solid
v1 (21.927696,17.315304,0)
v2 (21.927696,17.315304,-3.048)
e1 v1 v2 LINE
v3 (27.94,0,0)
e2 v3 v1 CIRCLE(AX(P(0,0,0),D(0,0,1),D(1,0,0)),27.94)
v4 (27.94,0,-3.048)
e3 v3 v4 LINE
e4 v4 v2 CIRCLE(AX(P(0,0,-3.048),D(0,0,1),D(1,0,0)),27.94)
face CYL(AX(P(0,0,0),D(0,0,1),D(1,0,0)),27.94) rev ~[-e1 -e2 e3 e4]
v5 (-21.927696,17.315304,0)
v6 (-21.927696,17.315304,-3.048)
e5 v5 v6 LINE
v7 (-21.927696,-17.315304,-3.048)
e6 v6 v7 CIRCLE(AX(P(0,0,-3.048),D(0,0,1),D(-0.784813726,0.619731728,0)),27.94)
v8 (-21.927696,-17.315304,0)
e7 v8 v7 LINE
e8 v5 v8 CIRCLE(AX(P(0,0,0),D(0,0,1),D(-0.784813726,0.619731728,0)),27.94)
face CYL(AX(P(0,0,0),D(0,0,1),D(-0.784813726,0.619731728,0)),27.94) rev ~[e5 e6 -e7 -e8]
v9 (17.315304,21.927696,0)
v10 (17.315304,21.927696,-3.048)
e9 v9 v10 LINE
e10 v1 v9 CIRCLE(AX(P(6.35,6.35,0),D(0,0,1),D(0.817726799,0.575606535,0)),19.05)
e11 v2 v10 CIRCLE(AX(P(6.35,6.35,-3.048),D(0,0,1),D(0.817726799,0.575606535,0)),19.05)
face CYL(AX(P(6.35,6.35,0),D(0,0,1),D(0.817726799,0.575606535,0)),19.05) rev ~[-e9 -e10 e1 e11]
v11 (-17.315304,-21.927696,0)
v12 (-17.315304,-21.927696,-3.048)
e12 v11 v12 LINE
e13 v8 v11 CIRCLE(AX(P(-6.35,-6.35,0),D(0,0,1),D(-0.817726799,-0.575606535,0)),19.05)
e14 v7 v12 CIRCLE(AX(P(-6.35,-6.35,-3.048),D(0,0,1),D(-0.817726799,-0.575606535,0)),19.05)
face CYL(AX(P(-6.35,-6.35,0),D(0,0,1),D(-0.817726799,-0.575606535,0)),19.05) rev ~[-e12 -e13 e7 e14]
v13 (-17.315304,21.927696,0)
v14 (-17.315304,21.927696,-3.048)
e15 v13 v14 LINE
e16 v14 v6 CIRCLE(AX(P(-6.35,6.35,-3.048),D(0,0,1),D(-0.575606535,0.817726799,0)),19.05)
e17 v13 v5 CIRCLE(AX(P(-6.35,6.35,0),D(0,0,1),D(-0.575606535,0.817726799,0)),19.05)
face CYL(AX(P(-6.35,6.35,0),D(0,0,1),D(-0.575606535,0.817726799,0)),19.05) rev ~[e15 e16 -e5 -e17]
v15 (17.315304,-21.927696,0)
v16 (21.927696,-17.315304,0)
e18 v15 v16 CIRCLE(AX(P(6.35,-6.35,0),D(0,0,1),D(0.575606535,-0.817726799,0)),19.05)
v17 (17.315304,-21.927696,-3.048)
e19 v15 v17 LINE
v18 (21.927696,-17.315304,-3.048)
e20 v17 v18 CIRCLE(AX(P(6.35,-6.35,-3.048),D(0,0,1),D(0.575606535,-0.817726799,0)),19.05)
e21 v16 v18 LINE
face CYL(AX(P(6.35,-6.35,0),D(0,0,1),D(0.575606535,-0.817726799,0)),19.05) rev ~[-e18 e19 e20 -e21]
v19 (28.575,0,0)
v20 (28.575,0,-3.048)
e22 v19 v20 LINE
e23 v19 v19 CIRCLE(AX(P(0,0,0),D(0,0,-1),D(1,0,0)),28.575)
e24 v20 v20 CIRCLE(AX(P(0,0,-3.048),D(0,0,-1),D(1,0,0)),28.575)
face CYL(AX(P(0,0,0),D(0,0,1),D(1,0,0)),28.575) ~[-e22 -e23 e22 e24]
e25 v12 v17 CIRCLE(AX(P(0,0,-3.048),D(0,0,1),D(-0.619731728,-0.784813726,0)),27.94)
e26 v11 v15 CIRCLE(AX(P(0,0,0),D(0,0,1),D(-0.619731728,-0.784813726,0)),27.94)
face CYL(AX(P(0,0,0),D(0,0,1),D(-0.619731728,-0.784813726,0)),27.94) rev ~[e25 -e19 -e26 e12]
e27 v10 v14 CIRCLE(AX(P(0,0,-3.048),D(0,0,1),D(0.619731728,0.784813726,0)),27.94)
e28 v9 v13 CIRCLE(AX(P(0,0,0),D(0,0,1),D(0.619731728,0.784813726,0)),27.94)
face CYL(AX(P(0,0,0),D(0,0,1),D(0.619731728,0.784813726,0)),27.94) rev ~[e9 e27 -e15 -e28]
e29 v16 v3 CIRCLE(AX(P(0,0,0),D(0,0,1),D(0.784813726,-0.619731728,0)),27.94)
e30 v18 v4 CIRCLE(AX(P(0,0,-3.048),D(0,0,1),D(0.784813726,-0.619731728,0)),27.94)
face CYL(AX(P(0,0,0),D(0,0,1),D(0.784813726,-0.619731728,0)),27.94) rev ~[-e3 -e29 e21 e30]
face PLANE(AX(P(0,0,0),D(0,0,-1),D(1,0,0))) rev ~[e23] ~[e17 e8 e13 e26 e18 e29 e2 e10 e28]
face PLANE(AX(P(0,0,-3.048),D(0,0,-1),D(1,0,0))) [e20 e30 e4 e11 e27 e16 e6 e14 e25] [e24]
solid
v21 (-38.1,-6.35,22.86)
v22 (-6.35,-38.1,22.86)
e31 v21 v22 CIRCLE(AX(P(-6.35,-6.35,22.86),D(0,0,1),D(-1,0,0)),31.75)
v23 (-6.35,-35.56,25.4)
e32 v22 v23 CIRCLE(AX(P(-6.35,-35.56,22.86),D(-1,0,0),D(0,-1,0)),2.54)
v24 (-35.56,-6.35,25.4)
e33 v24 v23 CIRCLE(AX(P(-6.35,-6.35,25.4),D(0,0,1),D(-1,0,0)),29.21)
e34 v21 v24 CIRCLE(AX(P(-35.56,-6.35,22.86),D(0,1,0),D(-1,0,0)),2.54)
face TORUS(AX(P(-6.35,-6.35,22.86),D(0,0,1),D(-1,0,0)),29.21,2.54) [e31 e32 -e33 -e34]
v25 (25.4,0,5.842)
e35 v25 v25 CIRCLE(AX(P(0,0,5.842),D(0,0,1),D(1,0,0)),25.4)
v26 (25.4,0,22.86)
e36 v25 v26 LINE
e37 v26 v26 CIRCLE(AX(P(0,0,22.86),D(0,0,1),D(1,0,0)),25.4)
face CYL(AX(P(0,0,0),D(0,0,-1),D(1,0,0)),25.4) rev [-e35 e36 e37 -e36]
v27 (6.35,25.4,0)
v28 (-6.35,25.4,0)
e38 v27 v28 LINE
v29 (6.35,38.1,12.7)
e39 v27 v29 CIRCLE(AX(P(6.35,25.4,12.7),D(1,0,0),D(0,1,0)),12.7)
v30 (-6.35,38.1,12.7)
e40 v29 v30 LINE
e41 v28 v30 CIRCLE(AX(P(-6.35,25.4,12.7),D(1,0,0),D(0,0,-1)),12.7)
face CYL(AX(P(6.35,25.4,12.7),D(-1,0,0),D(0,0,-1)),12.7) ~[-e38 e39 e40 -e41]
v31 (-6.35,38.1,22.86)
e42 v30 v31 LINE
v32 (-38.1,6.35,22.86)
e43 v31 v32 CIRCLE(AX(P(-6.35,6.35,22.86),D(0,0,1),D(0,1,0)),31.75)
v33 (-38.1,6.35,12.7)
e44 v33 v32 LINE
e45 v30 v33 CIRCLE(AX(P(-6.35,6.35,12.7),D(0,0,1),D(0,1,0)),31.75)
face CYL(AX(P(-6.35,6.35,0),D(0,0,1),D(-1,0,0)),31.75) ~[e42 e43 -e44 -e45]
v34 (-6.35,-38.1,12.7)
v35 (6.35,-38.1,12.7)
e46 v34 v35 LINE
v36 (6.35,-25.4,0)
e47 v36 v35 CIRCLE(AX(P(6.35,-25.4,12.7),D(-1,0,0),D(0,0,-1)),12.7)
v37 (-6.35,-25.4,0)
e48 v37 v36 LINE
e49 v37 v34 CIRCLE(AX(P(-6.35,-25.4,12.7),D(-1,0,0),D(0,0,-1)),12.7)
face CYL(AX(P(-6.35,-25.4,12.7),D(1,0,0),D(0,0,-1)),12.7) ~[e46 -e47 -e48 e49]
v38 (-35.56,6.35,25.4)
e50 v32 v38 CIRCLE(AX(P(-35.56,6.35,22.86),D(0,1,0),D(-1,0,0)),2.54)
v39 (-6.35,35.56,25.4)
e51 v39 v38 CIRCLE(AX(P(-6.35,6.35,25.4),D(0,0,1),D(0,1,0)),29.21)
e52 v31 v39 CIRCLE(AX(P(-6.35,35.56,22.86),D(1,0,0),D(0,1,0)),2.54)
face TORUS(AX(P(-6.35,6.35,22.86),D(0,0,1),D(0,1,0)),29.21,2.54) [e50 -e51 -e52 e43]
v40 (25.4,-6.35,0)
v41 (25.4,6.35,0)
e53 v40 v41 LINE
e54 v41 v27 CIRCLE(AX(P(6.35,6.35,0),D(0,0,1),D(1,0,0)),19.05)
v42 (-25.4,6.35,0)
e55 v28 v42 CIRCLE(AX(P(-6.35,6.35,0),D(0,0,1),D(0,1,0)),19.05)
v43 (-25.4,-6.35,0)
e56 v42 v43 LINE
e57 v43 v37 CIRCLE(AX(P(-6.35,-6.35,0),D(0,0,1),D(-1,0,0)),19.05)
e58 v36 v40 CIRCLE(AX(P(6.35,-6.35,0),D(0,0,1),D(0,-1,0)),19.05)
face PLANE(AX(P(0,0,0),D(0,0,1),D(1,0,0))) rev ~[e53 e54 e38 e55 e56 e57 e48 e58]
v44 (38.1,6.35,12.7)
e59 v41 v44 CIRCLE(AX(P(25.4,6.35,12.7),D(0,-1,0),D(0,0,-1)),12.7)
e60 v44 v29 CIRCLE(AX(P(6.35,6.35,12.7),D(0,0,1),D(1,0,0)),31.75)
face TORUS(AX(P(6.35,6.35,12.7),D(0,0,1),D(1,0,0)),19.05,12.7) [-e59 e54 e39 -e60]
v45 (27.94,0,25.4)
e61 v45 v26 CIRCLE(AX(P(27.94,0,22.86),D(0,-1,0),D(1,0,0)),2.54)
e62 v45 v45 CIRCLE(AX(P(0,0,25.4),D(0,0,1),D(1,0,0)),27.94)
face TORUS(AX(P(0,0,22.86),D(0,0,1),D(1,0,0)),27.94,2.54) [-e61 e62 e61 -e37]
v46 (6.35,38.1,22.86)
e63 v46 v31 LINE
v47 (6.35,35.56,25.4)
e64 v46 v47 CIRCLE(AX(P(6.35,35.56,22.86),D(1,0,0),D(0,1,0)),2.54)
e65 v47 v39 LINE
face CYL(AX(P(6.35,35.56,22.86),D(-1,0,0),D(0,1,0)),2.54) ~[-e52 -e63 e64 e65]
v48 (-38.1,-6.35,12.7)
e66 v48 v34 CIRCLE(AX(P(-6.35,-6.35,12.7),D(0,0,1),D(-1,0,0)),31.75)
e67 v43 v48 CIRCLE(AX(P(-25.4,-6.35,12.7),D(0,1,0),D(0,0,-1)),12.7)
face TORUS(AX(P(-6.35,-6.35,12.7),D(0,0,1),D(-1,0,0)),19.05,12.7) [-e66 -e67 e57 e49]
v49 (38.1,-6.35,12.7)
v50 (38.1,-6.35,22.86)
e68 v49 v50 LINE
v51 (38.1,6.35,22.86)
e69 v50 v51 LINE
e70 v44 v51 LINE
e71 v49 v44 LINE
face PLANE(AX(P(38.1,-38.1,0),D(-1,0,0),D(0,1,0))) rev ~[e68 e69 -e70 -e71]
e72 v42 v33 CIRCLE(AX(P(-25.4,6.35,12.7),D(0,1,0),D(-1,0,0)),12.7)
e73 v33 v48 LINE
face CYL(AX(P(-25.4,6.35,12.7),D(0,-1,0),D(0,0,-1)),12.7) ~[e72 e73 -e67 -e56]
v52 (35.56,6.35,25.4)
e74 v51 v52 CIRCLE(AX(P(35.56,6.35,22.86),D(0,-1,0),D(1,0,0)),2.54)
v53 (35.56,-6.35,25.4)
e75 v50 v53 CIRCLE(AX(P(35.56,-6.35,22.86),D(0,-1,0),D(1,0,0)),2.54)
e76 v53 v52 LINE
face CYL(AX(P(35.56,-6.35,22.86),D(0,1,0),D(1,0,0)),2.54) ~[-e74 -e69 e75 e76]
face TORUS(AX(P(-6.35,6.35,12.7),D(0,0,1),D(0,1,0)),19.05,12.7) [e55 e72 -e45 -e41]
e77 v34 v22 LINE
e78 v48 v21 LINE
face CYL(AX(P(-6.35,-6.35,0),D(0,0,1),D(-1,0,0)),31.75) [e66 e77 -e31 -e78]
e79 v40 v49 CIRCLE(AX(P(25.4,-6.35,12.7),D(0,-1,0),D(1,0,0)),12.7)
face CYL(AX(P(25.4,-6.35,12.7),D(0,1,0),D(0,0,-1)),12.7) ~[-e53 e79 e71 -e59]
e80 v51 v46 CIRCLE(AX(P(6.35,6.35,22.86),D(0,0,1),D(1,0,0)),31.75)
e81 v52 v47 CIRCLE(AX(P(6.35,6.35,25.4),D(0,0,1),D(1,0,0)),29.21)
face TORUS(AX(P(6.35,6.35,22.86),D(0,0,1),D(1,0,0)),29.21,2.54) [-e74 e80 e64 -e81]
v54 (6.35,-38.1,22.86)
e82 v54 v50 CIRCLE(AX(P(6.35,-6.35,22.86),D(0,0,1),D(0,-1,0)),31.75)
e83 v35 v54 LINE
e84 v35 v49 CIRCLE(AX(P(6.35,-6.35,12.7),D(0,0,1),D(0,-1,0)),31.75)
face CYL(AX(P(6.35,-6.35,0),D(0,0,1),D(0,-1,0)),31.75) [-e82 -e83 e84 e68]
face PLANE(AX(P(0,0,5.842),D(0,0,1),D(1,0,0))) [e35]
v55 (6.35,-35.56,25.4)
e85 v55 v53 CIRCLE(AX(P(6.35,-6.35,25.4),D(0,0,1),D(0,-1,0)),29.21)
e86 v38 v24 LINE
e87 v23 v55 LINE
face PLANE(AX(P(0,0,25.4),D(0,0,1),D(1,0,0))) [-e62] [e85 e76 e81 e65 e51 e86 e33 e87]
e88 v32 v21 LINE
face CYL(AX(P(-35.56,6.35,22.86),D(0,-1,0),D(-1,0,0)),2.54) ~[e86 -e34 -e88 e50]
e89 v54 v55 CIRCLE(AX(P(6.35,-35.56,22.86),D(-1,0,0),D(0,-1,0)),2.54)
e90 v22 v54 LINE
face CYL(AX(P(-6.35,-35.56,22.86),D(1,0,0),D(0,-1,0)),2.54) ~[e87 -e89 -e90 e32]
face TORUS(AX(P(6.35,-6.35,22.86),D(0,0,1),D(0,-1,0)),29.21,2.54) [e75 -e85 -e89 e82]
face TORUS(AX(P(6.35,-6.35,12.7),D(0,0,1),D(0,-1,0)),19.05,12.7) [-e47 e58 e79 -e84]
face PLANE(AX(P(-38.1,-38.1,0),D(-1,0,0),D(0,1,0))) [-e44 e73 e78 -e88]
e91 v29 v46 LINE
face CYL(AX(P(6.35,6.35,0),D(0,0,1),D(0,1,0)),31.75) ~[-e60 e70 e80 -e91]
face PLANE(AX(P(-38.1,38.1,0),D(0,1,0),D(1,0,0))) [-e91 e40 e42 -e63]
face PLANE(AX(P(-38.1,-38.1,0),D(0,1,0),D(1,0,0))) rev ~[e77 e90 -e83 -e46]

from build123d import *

# Parameters (mm, degrees)
F0_W     = 76.2
F0_H     = 76.2
F0_R     = 25.4
F1_DEPTH = 25.4
F2_DEPTH = 5.842
F3_R     = 31.75
F4_R     = 12.7
F5_R     = 2.54
F6_R     = 28.575
F7_DEPTH = 3.048


with BuildPart() as f1:
    # F0 (on Top) → F1 (new body)
    with BuildSketch(Plane.XY):
        Rectangle(F0_W, F0_H)
        Circle(F0_R, mode=Mode.SUBTRACT)
    extrude(amount=F1_DEPTH)

    # F0 (on Top) → F2 (join)
    with BuildSketch(Plane.XY):
        Circle(F0_R)
    extrude(amount=F2_DEPTH)

    # F3
    f3_edges = [f1.edges().sort_by_distance(p)[0] for p in [
        (38.1, 38.1, 12.7),
        (-38.1, 38.1, 12.7),
        (-38.1, -38.1, 12.7),
        (38.1, -38.1, 12.7),
    ]]
    fillet(f3_edges, radius=F3_R)

    # F4
    f4_edges = [f1.edges().sort_by_distance(p)[0] for p in [
        (0, -38.1, 0),
        (-28.80064, -28.80064, 0),
        (28.80064, -28.80064, 0),
        (-38.1, 0, 0),
        (38.1, 0, 0),
        (-28.80064, 28.80064, 0),
        (28.80064, 28.80064, 0),
        (0, 38.1, 0),
    ]]
    fillet(f4_edges, radius=F4_R)

    # F5
    f5_edges = [f1.edges().sort_by_distance(p)[0] for p in [
        (0, -38.1, 25.4),
        (-28.80064, -28.80064, 25.4),
        (28.80064, -28.80064, 25.4),
        (-38.1, 0, 25.4),
        (38.1, 0, 25.4),
        (-28.80064, 28.80064, 25.4),
        (28.80064, 28.80064, 25.4),
        (0, 38.1, 25.4),
        (-25.4, 0, 25.4),
    ]]
    fillet(f5_edges, radius=F5_R)


with BuildPart() as f7:
    # F6 (on face) → F7 (new body)
    with BuildSketch(Plane(origin=(0, 0, 0), x_dir=(1, 0, 0), z_dir=(0, 0, -1))):
        Circle(F6_R)
        with BuildLine():
            ThreePointArc((21.9276955143, 17.3153044857), (26.394160459, 9.1647091425), (27.94, 0))
            ThreePointArc((27.94, 0), (26.394160459, -9.1647091425), (21.9276955143, -17.3153044857))
            ThreePointArc((21.9276955143, -17.3153044857), (19.8203841816, -19.8203841816), (17.3153044857, -21.9276955143))
            ThreePointArc((17.3153044857, -21.9276955143), (0, -27.94), (-17.3153044857, -21.9276955143))
            ThreePointArc((-17.3153044857, -21.9276955143), (-19.8203841816, -19.8203841816), (-21.9276955143, -17.3153044857))
            ThreePointArc((-21.9276955143, -17.3153044857), (-27.94, 0), (-21.9276955143, 17.3153044857))
            ThreePointArc((-21.9276955143, 17.3153044857), (-19.8203841816, 19.8203841816), (-17.3153044857, 21.9276955143))
            ThreePointArc((-17.3153044857, 21.9276955143), (0, 27.94), (17.3153044857, 21.9276955143))
            ThreePointArc((17.3153044857, 21.9276955143), (19.8203841816, 19.8203841816), (21.9276955143, 17.3153044857))
        make_face(mode=Mode.SUBTRACT)
    extrude(amount=F7_DEPTH)


solid = Compound([f1.part, f7.part])
